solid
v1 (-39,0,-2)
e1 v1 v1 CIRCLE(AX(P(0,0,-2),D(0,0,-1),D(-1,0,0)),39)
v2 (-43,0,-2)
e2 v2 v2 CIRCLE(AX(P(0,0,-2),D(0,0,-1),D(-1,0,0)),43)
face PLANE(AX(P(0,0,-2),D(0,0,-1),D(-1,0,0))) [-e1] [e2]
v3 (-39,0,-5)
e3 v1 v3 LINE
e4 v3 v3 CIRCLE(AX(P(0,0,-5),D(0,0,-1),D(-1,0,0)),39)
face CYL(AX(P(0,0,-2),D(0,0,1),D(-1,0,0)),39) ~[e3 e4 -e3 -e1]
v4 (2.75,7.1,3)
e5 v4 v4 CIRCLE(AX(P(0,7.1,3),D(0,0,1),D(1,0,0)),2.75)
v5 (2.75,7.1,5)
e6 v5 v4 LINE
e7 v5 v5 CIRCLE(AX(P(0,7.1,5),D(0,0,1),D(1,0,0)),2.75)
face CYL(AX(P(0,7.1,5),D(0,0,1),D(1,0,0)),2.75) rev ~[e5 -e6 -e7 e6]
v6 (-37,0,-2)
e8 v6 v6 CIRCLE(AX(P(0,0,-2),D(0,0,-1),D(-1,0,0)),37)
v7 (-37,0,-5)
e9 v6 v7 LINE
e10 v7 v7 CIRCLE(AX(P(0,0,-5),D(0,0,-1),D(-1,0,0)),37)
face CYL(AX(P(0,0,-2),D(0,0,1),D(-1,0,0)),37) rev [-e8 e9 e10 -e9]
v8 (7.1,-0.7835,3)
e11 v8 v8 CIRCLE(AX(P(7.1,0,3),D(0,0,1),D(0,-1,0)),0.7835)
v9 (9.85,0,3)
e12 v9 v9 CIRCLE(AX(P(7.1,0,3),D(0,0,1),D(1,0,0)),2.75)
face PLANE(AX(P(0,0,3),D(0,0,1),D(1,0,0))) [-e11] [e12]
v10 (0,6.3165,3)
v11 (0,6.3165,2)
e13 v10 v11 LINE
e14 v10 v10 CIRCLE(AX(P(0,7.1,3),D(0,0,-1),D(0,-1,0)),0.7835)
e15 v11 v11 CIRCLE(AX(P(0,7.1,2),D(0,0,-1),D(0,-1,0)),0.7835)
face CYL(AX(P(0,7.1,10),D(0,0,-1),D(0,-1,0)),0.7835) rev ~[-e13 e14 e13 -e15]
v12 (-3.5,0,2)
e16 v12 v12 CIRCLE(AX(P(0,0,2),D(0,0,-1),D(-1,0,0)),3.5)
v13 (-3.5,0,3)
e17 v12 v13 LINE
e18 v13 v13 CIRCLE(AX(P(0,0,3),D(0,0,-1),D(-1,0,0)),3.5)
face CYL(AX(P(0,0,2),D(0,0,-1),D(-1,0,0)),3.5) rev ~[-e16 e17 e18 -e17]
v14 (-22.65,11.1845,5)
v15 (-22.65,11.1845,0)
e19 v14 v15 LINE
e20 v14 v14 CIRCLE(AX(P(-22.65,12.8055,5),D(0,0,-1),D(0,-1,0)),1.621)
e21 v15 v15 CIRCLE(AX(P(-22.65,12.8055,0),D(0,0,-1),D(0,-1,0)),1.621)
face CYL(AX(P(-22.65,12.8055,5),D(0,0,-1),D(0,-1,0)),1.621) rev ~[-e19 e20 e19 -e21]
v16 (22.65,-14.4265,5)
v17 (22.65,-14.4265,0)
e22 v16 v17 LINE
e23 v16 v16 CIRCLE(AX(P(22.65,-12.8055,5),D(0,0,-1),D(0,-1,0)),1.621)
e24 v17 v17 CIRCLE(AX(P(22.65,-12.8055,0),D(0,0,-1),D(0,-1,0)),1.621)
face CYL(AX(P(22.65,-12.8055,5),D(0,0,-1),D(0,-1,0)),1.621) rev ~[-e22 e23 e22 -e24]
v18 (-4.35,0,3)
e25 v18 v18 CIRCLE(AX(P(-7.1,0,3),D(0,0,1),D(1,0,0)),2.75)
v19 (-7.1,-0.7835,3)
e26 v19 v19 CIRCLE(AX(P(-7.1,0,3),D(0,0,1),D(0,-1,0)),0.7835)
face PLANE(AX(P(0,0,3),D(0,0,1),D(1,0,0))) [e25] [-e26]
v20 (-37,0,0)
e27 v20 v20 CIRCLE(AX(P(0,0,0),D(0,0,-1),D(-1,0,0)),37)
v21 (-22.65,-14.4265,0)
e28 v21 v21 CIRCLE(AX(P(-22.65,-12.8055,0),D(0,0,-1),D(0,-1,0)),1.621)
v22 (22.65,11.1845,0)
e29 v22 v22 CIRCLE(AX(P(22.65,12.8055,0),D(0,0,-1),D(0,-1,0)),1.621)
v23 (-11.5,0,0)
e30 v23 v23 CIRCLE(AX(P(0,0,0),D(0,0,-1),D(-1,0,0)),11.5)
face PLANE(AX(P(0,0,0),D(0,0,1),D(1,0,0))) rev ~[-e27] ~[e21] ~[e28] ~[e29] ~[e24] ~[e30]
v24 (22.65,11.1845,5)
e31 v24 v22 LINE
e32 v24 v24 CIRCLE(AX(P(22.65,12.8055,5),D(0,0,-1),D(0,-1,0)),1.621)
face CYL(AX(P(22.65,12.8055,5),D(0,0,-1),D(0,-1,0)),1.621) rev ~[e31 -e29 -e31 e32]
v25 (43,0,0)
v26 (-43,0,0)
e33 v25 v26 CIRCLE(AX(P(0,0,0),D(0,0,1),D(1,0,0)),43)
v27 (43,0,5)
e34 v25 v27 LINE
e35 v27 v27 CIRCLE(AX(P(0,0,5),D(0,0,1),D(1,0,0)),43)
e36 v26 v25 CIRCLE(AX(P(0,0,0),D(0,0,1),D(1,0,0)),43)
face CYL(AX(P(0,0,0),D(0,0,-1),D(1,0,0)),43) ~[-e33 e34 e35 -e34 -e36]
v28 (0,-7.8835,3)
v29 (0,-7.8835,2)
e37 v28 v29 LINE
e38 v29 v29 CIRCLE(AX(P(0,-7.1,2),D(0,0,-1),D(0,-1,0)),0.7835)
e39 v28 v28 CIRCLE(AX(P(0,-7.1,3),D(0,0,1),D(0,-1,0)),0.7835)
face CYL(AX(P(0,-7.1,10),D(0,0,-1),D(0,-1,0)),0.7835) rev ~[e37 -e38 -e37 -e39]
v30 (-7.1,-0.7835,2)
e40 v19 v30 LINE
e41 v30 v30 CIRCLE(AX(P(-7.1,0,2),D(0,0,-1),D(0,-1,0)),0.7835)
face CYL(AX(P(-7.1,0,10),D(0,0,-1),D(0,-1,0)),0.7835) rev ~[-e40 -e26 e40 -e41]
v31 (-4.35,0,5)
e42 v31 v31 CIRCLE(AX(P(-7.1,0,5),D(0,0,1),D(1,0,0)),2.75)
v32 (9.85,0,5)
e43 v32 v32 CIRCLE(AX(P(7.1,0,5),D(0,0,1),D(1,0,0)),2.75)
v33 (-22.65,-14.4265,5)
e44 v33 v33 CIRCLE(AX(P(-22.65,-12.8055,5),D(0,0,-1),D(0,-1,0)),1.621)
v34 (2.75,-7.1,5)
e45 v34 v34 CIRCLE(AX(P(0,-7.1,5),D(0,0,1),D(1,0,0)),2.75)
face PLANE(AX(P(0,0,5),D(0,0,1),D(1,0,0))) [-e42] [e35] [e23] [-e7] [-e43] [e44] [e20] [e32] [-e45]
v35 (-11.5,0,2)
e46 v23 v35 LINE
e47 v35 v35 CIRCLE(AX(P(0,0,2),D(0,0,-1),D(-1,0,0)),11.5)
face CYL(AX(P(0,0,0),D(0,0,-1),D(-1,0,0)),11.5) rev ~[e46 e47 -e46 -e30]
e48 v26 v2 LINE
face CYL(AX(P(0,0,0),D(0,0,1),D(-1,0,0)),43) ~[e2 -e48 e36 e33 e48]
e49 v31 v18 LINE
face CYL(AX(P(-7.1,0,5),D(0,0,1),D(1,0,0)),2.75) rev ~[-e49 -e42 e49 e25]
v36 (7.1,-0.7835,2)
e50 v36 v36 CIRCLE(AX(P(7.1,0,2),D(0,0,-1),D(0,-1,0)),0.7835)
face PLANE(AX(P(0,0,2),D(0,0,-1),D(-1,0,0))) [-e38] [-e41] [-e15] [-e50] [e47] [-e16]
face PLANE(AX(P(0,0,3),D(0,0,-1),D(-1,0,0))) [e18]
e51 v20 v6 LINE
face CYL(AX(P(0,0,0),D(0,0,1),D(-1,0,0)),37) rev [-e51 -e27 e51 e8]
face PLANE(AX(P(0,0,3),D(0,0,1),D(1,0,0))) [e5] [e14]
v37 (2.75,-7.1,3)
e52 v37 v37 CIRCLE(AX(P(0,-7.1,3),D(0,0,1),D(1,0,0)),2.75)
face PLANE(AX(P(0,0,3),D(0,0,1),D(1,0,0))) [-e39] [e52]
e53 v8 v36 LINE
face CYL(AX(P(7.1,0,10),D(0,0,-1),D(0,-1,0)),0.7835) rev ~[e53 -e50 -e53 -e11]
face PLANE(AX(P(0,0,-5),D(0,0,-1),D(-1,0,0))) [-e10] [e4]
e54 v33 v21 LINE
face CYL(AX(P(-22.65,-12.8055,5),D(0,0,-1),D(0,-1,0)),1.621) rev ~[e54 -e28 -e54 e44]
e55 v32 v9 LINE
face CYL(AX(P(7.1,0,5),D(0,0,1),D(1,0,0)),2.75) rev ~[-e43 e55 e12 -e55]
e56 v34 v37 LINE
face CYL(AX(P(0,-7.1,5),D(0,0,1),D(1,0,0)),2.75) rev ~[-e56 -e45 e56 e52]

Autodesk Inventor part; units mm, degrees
ref_plane "YZ Plane" through (0, 0, 0) normal (1, 0, 0) x (0, 1, 0)
ref_plane "XZ Plane" through (0, 0, 0) normal (0, 1, 0) x (-1, 0, 0)
ref_plane "XY Plane" through (0, 0, 0) normal (0, 0, 1) x (1, 0, 0)
sketch "Szkic1" plane through (0, 0, 0) normal (0, 0, 1) x (1, 0, 0)
  circle A0 centre (0, 0) radius 10.75
  circle A1 centre (0, 0) radius 11.25
  circle A2 centre (0, 0) radius 43
  dimension "d0" = 21.5
  dimension "d1" = 0.5
  dimension "d2" = 86
extrude "Wyciągnięcie proste1" add sketch "Szkic1" along normal blind 10 contours A0 | A1 | A2
sketch "Szkic2" plane through (0, 0, 10) normal (0, 0, 1) x (1, 0, 0)
  circle A0 centre (0, 0) radius 3.5
  point P0 (7.1, 0)
  point P1 (0, 7.1)
  point P2 (-7.1, 0)
  point P3 (0, -7.1)
  dimension "d5" = 7.1
  dimension "d6" = 7.1
  dimension "d7" = 7.1
  dimension "d8" = 7.1
  dimension "d9" = 7
hole "Otwór1" at (7.1, 0, 10) at (0, 7.1, 10) at (-7.1, 0, 10) at (0, -7.1, 10) direction (0, 0, -1) diameter 1.567 end through all thread size "M2x0.4" designation "M2" class "6H" standard "GB Metric profile"
sketch "Szkic3" plane through (0, 0, 0) normal (0, 0, -1) x (-1, 0, 0)
  circle A0 centre (0, 0) radius 11.5
  dimension "d17" = 23
extrude "Wyciągnięcie proste2" cut sketch "Szkic3" against normal blind 2
sketch "Szkic4" plane through (0, 0, 2) normal (0, 0, -1) x (-1, 0, 0)
  circle A0 centre (0, 0) radius 3.5
  dimension "d20" = 7
extrude "Wyciągnięcie proste3" cut sketch "Szkic4" against normal blind 1
sketch "Szkic5" plane through (0, 0, 10) normal (0, 0, 1) x (1, 0, 0)
  circle A0 centre (-7.1, 0) radius 0.7835 projected
  circle A1 centre (7.1, 0) radius 0.7835 projected
  circle A2 centre (0, 7.1) radius 0.7835 projected
  circle A3 centre (0, -7.1) radius 0.7835 projected
  circle A4 centre (0, 0) radius 43 projected
extrude "Wyciągnięcie proste4" cut sketch "Szkic5" against normal blind 5
sketch "Szkic6" plane through (0, 0, 5) normal (0, 0, 1) x (1, 0, 0)
  circle A0 centre (0, -7.1) radius 0.7835 projected
  circle A1 centre (7.1, 0) radius 0.7835 projected
  circle A2 centre (-7.1, 0) radius 0.7835 projected
  circle A3 centre (0, 7.1) radius 0.7835 projected
  circle A4 centre (0, -7.1) radius 2.75
  circle A5 centre (-7.1, 0) radius 0.7835 projected
  circle A6 centre (-7.1, 0) radius 2.75
  circle A7 centre (0, 7.1) radius 2.75
  circle A8 centre (7.1, 0) radius 0.7835 projected
  circle A9 centre (7.1, 0) radius 2.75
  point P0 (0, 0)
  dimension "d25" = 5.5
  dimension "d26" = 5.5
  dimension "d27" = 5.5
  dimension "d28" = 5.5
extrude "Wyciągnięcie proste5" cut sketch "Szkic6" against normal blind 2 contours A3 | A4 | A6 | A7 | A9
sketch "Szkic9" plane through (0, 0, 0) normal (0, 0, -1) x (-1, 0, 0)
  circle A0 centre (0, 0) radius 11.5 projected
  circle A1 centre (0, 0) radius 43 projected
  circle A2 centre (0, 0) radius 37
  dimension "d36" = 6
extrude "Wyciągnięcie proste7" add sketch "Szkic9" along normal blind 2 contours A1
sketch "Szkic10" plane through (0, 0, -2) normal (0, 0, -1) x (-1, 0, 0)
  circle A0 centre (0, 0) radius 43 projected
  circle A1 centre (0, 0) radius 37 projected
  circle A2 centre (0, 0) radius 39
  dimension "d39" = 2
extrude "Wyciągnięcie proste8" add sketch "Szkic10" along normal blind 3 contours A2
sketch "Szkic12" plane through (0, 0, 5) normal (0, 0, 1) x (1, 0, 0)
  line L0 (-30.65, -20.8055) -> (30.65, -20.8055)
  line L1 (30.65, -20.8055) -> (30.65, 20.8055)
  line L2 (30.65, 20.8055) -> (-30.65, 20.8055)
  line L3 (-30.65, 20.8055) -> (-30.65, -20.8055)
  line L4 (-30.65, -20.8055) -> (30.65, 20.8055) construction
  line L5 (30.65, -20.8055) -> (-30.65, 20.8055) construction
  point P0 (0, 0)
  point P1 (-22.65, 12.8055)
  point P2 (-22.65, -12.8055)
  point P3 (22.65, 12.8055)
  point P4 (22.65, -12.8055)
  dimension "d59" = 61.3
  dimension "d60" = 41.611
  dimension "d61" = 8
  dimension "d62" = 8
  dimension "d63" = 8
  dimension "d64" = 8
  dimension "d65" = 8
  dimension "d66" = 8
  dimension "d67" = 8
  dimension "d68" = 8
hole "Otwór3" at (-22.65, 12.8055, 5) at (-22.65, -12.8055, 5) at (22.65, 12.8055, 5) at (22.65, -12.8055, 5) direction (0, 0, -1) diameter 3.242 end through all thread size "M4x0.7" designation "M4" class "6H" standard "GB Metric profile"
equation "\"d6\" = d5"
equation "\"d7\" = d6"
equation "\"d8\" = d6"
properties part number "Podstawa2_Drukowanie 3D"
